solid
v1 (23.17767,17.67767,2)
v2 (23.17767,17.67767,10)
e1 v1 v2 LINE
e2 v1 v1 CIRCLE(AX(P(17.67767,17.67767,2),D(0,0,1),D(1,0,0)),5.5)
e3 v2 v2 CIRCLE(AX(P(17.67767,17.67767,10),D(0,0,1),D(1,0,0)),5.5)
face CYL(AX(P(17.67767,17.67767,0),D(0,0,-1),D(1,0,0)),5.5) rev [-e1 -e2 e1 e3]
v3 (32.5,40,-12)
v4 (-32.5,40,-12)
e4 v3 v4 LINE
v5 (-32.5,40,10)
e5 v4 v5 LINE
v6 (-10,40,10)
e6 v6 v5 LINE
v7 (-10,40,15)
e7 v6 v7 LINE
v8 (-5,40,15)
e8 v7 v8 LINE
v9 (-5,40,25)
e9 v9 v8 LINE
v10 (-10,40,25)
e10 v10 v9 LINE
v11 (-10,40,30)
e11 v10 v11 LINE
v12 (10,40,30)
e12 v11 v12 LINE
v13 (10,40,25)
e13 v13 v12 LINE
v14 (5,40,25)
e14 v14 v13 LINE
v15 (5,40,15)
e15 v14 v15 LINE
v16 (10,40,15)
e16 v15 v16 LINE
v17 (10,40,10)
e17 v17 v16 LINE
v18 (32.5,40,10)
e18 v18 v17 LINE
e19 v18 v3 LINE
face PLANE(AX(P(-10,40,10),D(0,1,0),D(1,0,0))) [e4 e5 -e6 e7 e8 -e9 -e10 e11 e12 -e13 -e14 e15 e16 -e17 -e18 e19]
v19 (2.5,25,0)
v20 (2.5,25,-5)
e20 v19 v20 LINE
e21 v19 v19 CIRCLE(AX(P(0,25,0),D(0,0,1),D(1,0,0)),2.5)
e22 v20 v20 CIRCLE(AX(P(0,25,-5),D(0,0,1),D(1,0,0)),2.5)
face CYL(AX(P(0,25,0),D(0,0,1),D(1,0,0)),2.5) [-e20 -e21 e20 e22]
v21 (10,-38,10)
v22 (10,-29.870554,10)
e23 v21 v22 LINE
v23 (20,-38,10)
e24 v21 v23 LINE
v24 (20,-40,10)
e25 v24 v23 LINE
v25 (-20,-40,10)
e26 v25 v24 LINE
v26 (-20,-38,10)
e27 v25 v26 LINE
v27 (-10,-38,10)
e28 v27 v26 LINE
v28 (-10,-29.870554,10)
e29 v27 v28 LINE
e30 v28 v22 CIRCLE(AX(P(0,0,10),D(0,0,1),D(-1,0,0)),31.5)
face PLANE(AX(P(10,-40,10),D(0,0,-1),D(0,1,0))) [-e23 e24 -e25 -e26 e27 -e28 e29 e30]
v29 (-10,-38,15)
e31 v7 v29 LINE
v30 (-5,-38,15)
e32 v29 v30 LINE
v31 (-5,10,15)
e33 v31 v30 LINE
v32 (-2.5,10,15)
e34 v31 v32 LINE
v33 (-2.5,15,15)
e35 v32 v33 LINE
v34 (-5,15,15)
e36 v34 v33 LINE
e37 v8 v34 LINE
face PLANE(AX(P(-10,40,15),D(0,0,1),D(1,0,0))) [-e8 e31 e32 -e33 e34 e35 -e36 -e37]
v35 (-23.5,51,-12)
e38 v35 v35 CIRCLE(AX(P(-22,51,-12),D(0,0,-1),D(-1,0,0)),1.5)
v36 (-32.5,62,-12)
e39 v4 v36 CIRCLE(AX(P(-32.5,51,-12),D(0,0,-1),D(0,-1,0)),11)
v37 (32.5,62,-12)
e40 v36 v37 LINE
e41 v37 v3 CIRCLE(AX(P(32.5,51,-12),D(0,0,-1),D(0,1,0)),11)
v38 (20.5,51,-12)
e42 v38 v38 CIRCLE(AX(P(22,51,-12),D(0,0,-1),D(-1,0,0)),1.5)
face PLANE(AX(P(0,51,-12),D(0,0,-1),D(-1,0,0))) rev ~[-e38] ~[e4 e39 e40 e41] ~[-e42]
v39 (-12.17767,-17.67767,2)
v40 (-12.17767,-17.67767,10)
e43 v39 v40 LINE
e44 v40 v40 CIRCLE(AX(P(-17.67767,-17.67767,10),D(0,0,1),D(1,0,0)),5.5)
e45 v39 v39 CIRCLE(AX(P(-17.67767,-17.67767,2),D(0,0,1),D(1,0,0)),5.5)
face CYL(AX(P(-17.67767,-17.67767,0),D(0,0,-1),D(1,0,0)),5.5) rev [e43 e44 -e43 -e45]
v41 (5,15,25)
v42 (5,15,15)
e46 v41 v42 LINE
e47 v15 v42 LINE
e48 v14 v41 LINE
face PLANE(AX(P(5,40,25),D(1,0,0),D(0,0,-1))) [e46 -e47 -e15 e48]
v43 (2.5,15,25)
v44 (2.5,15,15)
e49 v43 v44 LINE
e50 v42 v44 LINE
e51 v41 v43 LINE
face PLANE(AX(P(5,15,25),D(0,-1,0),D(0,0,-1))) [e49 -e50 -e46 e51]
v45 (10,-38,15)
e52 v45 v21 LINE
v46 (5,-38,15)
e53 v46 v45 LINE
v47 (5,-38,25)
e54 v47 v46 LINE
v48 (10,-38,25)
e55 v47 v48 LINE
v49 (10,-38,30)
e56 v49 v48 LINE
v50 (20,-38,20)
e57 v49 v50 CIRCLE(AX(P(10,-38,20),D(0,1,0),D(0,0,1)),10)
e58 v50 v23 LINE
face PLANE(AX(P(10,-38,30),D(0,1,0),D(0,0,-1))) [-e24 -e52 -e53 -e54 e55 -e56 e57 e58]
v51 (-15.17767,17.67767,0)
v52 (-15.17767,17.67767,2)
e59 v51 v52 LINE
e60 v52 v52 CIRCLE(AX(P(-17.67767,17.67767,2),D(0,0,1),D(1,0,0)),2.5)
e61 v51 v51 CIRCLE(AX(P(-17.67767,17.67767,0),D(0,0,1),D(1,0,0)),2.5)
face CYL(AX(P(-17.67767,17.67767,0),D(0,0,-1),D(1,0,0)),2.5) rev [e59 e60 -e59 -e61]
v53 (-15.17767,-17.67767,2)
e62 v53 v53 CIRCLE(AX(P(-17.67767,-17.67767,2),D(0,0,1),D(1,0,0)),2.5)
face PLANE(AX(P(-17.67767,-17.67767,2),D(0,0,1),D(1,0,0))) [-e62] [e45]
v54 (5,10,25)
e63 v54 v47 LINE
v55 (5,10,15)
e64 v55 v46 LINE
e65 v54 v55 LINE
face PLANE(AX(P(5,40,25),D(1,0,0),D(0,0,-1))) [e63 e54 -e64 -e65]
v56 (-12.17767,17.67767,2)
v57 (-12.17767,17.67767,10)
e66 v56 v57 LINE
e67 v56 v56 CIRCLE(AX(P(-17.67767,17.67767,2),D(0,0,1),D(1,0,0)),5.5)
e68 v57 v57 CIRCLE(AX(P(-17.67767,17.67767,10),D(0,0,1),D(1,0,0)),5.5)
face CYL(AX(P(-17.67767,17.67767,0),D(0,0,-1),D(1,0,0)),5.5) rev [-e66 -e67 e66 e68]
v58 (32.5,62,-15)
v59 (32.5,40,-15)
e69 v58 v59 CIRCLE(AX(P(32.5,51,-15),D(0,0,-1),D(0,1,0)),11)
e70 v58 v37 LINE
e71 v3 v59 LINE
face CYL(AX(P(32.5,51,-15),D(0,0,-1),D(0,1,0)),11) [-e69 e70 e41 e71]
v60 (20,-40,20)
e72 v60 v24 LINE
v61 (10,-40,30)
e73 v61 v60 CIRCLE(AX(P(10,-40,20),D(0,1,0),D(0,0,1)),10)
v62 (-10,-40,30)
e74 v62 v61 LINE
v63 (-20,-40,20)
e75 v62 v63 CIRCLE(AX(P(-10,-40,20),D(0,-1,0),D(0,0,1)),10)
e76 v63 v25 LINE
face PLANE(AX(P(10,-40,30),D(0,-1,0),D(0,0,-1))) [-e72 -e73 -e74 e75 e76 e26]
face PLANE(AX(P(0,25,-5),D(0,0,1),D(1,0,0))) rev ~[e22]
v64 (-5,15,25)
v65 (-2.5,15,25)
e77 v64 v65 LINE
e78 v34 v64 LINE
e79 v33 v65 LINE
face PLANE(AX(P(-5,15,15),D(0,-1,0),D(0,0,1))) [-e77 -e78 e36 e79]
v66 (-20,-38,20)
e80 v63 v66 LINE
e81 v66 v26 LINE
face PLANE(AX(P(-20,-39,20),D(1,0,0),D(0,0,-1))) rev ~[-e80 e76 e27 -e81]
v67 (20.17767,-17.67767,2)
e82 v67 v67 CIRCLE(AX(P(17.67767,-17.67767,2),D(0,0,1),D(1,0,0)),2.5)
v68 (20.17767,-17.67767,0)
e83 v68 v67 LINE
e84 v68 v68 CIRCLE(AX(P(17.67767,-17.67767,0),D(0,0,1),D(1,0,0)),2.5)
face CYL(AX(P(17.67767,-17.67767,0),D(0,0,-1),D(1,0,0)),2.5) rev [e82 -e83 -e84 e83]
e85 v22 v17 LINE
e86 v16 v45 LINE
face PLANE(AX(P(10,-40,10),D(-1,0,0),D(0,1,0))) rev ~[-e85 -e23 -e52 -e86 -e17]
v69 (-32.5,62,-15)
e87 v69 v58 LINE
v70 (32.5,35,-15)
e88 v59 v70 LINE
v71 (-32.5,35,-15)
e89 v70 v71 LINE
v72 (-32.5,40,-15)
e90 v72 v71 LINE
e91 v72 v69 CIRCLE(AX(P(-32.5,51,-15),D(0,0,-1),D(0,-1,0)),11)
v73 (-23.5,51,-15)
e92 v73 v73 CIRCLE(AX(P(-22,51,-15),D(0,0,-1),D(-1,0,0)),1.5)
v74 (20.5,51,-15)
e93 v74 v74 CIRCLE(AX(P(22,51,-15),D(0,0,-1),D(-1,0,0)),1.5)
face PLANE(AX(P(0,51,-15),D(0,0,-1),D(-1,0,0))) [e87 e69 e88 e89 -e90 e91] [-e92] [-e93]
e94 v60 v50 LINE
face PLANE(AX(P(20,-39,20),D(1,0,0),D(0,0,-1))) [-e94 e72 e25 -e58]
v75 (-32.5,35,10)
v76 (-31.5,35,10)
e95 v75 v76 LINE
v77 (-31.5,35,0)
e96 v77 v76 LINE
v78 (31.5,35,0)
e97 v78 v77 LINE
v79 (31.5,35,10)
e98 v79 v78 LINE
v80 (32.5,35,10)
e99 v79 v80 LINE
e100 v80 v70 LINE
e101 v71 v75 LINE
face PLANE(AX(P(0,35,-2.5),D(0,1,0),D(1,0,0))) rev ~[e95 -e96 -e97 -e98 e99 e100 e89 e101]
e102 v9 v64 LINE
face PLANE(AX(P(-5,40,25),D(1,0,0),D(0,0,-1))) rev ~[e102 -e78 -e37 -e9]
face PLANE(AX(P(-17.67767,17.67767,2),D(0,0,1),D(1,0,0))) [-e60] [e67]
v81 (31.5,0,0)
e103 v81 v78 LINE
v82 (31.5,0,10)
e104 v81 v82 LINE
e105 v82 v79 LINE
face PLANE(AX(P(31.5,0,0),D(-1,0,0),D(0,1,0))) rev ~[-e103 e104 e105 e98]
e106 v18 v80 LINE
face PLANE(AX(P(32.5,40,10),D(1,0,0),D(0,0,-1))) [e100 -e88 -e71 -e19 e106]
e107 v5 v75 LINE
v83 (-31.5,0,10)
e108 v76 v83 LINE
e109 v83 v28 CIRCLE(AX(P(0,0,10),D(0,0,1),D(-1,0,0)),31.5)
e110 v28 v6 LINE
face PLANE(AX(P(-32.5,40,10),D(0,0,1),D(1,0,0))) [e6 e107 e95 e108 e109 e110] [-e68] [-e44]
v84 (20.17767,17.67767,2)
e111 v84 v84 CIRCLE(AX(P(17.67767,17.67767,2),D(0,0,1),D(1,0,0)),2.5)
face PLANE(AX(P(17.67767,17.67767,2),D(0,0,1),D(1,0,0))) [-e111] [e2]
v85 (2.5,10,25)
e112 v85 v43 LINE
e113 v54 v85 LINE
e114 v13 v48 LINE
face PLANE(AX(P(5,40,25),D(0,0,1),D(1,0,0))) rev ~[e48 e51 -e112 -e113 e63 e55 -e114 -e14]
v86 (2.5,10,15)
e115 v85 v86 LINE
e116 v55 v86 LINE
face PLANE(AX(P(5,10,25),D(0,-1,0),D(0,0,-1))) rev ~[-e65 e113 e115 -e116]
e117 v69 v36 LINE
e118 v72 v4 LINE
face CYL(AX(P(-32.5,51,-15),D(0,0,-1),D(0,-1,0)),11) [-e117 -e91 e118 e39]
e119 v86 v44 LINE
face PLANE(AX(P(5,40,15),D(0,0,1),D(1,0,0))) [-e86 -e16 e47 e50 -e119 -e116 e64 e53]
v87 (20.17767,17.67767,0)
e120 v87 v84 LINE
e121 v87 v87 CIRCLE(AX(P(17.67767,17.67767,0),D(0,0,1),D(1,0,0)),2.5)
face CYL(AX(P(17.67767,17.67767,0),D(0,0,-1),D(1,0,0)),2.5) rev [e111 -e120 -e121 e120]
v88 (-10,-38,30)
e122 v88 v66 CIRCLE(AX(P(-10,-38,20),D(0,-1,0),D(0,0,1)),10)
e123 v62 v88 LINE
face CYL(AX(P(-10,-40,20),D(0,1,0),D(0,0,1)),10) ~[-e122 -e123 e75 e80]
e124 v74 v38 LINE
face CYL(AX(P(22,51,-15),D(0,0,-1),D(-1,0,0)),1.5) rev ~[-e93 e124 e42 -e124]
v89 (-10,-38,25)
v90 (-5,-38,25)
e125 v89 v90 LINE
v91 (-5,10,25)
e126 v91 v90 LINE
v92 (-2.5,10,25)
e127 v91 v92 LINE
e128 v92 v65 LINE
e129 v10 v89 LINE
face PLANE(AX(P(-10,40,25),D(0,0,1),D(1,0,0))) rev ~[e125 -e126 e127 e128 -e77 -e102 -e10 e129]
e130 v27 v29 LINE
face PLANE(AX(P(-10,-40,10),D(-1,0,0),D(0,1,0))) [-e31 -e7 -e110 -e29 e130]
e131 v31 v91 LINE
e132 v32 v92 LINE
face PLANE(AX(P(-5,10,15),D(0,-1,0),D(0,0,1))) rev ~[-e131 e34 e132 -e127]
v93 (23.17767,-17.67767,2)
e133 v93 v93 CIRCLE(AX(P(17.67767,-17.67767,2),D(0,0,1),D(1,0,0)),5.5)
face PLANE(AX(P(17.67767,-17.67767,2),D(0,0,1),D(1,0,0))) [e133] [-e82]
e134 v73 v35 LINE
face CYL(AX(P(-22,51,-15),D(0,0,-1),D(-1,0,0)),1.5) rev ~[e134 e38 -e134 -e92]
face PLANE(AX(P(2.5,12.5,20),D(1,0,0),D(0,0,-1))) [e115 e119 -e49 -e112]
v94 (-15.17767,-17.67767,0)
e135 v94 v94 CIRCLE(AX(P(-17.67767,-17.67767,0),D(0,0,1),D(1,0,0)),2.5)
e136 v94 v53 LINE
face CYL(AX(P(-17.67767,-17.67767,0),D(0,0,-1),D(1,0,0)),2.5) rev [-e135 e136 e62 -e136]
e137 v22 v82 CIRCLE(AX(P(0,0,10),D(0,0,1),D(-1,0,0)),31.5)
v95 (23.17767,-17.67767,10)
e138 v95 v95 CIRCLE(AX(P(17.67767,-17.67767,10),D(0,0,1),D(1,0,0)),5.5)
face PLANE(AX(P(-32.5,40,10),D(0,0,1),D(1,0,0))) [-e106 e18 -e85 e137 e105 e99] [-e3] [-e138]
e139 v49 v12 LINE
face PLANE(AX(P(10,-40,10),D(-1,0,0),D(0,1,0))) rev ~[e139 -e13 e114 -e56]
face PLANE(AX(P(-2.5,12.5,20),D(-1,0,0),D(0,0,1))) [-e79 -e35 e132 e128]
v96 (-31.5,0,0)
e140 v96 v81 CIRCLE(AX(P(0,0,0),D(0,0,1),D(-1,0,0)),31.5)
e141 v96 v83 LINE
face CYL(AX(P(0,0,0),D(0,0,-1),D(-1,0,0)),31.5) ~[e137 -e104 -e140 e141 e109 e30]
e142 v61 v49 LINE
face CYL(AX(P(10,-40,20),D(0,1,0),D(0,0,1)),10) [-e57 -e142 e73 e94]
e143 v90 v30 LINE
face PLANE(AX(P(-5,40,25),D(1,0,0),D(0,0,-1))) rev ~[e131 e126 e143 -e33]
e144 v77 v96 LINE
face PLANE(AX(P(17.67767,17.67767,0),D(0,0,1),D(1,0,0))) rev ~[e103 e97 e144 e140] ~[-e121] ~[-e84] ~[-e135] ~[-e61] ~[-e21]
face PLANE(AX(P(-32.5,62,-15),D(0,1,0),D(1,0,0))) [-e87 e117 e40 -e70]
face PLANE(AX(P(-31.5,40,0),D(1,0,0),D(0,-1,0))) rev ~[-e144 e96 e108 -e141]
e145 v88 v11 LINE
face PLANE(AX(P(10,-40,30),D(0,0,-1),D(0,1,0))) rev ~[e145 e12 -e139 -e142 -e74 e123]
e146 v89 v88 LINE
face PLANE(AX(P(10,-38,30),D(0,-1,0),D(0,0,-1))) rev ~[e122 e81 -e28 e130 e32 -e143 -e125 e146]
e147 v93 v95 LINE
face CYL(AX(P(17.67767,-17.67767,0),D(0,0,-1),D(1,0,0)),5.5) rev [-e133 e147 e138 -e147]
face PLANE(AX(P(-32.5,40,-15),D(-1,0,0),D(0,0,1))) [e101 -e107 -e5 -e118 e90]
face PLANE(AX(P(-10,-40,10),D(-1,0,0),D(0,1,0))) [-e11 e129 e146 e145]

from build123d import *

# Parameters (mm, degrees)
SKETCH1_R                = 5.5
BOSS_EXTRUDE1_DEPTH      = 10
SKETCH1_3_R              = 5.5
SKETCH1_3_R_2            = 2.5
BOSS_EXTRUDE2_DEPTH      = 2
SKETCH1_4_R              = 2.5
BOSS_EXTRUDE3_DEPTH      = 5
BOSS_EXTRUDE4_DEPTH      = 5
SKETCH4_W                = 20
SKETCH4_H                = 80
BOSS_EXTRUDE5_DEPTH      = 20
SKETCH5_W                = 20
SKETCH5_H                = 2
BOSS_EXTRUDE6_DEPTH      = 10
BOSS_EXTRUDE6_DEPTH_BACK = 30
SKETCH7_W                = 5
SKETCH7_H                = 10
CUT_EXTRUDE1_DEPTH       = 78
FILLET1_R                = 10
SKETCH9_W                = 10
SKETCH9_H                = 5
CUT_EXTRUDE2_DEPTH       = 2.5
SKETCH14_R               = 1.5
BOSS_EXTRUDE8_DEPTH      = 3
SKETCH16_W               = 10
SKETCH16_H               = 5
CUT_EXTRUDE4_DEPTH       = 2.5


with BuildPart() as part:
    # Sketch1 → Boss-Extrude1 (new body)
    with BuildSketch(Plane.XY):
        with BuildLine():
            Line((31.5, 0), (31.5, 40))
            Line((31.5, 40), (-31.5, 40))
            Line((-31.5, 40), (-31.5, 0))
            ThreePointArc((-31.5, 0), (0, -31.5), (31.5, 0))
        make_face()
        with Locations((17.67766953, -17.67766953)):
            Circle(SKETCH1_R, mode=Mode.SUBTRACT)
        with Locations((-17.67766953, -17.67766953)):
            Circle(SKETCH1_R, mode=Mode.SUBTRACT)
        with Locations((-17.67766953, 17.67766953)):
            Circle(SKETCH1_R, mode=Mode.SUBTRACT)
        with Locations((17.67766953, 17.67766953)):
            Circle(SKETCH1_R, mode=Mode.SUBTRACT)
    extrude(amount=BOSS_EXTRUDE1_DEPTH)

    # Sketch1<3> → Boss-Extrude2 (add)
    with BuildSketch(Plane.XY):
        with Locations((17.67766953, 17.67766953)):
            Circle(SKETCH1_3_R)
        with Locations((17.67766953, 17.67766953)):
            Circle(SKETCH1_3_R_2, mode=Mode.SUBTRACT)
        with Locations((17.67766953, -17.67766953)):
            Circle(SKETCH1_3_R)
        with Locations((17.67766953, -17.67766953)):
            Circle(SKETCH1_3_R_2, mode=Mode.SUBTRACT)
        with Locations((-17.67766953, -17.67766953)):
            Circle(SKETCH1_3_R)
        with Locations((-17.67766953, -17.67766953)):
            Circle(SKETCH1_3_R_2, mode=Mode.SUBTRACT)
        with Locations((-17.67766953, 17.67766953)):
            Circle(SKETCH1_3_R)
        with Locations((-17.67766953, 17.67766953)):
            Circle(SKETCH1_3_R_2, mode=Mode.SUBTRACT)
    extrude(amount=BOSS_EXTRUDE2_DEPTH)

    # Sketch1<4> → Boss-Extrude3 (add)
    with BuildSketch(Plane.XY):
        with Locations((0, 25)):
            Circle(SKETCH1_4_R)
    extrude(amount=-BOSS_EXTRUDE3_DEPTH)

    # Sketch2 → Boss-Extrude4 (add)
    with BuildSketch(Plane(origin=(0, 40, 0), x_dir=(1, 0, 0), z_dir=(0, 1, 0))):
        Polygon((-32.5, -10), (31.5, -10), (32.5, -10), (32.5, 15), (-32.5, 15), align=None)
    extrude(amount=-BOSS_EXTRUDE4_DEPTH)

    # Sketch4 → Boss-Extrude5 (add)
    with BuildSketch(Plane.XY.offset(10)):
        Rectangle(SKETCH4_W, SKETCH4_H)
    extrude(amount=BOSS_EXTRUDE5_DEPTH)

    # Sketch5 → Boss-Extrude6 (add, two sides)
    with BuildSketch(Plane(origin=(10, 0, 0), x_dir=(0, 0, -1), z_dir=(1, 0, 0))) as boss_extrude6_sk:
        with Locations((-20, -39)):
            Rectangle(SKETCH5_W, SKETCH5_H)
    extrude(amount=BOSS_EXTRUDE6_DEPTH)
    extrude(boss_extrude6_sk.sketch, amount=-BOSS_EXTRUDE6_DEPTH_BACK)

    # Sketch7 → Cut-Extrude1 (cut)
    with BuildSketch(Plane(origin=(0, 40, 0), x_dir=(1, 0, 0), z_dir=(0, 1, 0))):
        with Locations((-7.5, -20)):
            Rectangle(SKETCH7_W, SKETCH7_H)
        with Locations((7.5, -20)):
            Rectangle(SKETCH7_W, SKETCH7_H)
    extrude(amount=-CUT_EXTRUDE1_DEPTH, mode=Mode.SUBTRACT)

    # Fillet1
    fillet1_edges = [part.edges().sort_by_distance(p)[0] for p in [
        (-20, -39, 30),
        (20, -39, 30),
    ]]
    fillet(fillet1_edges, radius=FILLET1_R)

    # Sketch9 → Cut-Extrude2 (cut)
    with BuildSketch(Plane(origin=(5, 0, 0), x_dir=(0, 0, -1), z_dir=(1, 0, 0))):
        with Locations((-20, 12.5)):
            Rectangle(SKETCH9_W, SKETCH9_H)
    extrude(amount=-CUT_EXTRUDE2_DEPTH, mode=Mode.SUBTRACT)

    # Sketch14 → Boss-Extrude8 (add)
    with BuildSketch(Plane(origin=(0, 0, -15), x_dir=(-1, 0, 0), z_dir=(0, 0, -1))):
        with BuildLine():
            Line((32.5, 62), (-32.5, 62))
            ThreePointArc((-32.5, 62), (-43.5, 51), (-32.5, 40))
            Line((-32.5, 40), (32.5, 40))
            ThreePointArc((32.5, 40), (43.5, 51), (32.5, 62))
        make_face()
        with Locations((-22, 51)):
            Circle(SKETCH14_R, mode=Mode.SUBTRACT)
        with Locations((22, 51)):
            Circle(SKETCH14_R, mode=Mode.SUBTRACT)
    extrude(amount=-BOSS_EXTRUDE8_DEPTH)

    # Sketch16 → Cut-Extrude4 (cut)
    with BuildSketch(Plane.ZY.offset(5)):
        with Locations((20, 12.5)):
            Rectangle(SKETCH16_W, SKETCH16_H)
    extrude(amount=-CUT_EXTRUDE4_DEPTH, mode=Mode.SUBTRACT)


solid = part.part
